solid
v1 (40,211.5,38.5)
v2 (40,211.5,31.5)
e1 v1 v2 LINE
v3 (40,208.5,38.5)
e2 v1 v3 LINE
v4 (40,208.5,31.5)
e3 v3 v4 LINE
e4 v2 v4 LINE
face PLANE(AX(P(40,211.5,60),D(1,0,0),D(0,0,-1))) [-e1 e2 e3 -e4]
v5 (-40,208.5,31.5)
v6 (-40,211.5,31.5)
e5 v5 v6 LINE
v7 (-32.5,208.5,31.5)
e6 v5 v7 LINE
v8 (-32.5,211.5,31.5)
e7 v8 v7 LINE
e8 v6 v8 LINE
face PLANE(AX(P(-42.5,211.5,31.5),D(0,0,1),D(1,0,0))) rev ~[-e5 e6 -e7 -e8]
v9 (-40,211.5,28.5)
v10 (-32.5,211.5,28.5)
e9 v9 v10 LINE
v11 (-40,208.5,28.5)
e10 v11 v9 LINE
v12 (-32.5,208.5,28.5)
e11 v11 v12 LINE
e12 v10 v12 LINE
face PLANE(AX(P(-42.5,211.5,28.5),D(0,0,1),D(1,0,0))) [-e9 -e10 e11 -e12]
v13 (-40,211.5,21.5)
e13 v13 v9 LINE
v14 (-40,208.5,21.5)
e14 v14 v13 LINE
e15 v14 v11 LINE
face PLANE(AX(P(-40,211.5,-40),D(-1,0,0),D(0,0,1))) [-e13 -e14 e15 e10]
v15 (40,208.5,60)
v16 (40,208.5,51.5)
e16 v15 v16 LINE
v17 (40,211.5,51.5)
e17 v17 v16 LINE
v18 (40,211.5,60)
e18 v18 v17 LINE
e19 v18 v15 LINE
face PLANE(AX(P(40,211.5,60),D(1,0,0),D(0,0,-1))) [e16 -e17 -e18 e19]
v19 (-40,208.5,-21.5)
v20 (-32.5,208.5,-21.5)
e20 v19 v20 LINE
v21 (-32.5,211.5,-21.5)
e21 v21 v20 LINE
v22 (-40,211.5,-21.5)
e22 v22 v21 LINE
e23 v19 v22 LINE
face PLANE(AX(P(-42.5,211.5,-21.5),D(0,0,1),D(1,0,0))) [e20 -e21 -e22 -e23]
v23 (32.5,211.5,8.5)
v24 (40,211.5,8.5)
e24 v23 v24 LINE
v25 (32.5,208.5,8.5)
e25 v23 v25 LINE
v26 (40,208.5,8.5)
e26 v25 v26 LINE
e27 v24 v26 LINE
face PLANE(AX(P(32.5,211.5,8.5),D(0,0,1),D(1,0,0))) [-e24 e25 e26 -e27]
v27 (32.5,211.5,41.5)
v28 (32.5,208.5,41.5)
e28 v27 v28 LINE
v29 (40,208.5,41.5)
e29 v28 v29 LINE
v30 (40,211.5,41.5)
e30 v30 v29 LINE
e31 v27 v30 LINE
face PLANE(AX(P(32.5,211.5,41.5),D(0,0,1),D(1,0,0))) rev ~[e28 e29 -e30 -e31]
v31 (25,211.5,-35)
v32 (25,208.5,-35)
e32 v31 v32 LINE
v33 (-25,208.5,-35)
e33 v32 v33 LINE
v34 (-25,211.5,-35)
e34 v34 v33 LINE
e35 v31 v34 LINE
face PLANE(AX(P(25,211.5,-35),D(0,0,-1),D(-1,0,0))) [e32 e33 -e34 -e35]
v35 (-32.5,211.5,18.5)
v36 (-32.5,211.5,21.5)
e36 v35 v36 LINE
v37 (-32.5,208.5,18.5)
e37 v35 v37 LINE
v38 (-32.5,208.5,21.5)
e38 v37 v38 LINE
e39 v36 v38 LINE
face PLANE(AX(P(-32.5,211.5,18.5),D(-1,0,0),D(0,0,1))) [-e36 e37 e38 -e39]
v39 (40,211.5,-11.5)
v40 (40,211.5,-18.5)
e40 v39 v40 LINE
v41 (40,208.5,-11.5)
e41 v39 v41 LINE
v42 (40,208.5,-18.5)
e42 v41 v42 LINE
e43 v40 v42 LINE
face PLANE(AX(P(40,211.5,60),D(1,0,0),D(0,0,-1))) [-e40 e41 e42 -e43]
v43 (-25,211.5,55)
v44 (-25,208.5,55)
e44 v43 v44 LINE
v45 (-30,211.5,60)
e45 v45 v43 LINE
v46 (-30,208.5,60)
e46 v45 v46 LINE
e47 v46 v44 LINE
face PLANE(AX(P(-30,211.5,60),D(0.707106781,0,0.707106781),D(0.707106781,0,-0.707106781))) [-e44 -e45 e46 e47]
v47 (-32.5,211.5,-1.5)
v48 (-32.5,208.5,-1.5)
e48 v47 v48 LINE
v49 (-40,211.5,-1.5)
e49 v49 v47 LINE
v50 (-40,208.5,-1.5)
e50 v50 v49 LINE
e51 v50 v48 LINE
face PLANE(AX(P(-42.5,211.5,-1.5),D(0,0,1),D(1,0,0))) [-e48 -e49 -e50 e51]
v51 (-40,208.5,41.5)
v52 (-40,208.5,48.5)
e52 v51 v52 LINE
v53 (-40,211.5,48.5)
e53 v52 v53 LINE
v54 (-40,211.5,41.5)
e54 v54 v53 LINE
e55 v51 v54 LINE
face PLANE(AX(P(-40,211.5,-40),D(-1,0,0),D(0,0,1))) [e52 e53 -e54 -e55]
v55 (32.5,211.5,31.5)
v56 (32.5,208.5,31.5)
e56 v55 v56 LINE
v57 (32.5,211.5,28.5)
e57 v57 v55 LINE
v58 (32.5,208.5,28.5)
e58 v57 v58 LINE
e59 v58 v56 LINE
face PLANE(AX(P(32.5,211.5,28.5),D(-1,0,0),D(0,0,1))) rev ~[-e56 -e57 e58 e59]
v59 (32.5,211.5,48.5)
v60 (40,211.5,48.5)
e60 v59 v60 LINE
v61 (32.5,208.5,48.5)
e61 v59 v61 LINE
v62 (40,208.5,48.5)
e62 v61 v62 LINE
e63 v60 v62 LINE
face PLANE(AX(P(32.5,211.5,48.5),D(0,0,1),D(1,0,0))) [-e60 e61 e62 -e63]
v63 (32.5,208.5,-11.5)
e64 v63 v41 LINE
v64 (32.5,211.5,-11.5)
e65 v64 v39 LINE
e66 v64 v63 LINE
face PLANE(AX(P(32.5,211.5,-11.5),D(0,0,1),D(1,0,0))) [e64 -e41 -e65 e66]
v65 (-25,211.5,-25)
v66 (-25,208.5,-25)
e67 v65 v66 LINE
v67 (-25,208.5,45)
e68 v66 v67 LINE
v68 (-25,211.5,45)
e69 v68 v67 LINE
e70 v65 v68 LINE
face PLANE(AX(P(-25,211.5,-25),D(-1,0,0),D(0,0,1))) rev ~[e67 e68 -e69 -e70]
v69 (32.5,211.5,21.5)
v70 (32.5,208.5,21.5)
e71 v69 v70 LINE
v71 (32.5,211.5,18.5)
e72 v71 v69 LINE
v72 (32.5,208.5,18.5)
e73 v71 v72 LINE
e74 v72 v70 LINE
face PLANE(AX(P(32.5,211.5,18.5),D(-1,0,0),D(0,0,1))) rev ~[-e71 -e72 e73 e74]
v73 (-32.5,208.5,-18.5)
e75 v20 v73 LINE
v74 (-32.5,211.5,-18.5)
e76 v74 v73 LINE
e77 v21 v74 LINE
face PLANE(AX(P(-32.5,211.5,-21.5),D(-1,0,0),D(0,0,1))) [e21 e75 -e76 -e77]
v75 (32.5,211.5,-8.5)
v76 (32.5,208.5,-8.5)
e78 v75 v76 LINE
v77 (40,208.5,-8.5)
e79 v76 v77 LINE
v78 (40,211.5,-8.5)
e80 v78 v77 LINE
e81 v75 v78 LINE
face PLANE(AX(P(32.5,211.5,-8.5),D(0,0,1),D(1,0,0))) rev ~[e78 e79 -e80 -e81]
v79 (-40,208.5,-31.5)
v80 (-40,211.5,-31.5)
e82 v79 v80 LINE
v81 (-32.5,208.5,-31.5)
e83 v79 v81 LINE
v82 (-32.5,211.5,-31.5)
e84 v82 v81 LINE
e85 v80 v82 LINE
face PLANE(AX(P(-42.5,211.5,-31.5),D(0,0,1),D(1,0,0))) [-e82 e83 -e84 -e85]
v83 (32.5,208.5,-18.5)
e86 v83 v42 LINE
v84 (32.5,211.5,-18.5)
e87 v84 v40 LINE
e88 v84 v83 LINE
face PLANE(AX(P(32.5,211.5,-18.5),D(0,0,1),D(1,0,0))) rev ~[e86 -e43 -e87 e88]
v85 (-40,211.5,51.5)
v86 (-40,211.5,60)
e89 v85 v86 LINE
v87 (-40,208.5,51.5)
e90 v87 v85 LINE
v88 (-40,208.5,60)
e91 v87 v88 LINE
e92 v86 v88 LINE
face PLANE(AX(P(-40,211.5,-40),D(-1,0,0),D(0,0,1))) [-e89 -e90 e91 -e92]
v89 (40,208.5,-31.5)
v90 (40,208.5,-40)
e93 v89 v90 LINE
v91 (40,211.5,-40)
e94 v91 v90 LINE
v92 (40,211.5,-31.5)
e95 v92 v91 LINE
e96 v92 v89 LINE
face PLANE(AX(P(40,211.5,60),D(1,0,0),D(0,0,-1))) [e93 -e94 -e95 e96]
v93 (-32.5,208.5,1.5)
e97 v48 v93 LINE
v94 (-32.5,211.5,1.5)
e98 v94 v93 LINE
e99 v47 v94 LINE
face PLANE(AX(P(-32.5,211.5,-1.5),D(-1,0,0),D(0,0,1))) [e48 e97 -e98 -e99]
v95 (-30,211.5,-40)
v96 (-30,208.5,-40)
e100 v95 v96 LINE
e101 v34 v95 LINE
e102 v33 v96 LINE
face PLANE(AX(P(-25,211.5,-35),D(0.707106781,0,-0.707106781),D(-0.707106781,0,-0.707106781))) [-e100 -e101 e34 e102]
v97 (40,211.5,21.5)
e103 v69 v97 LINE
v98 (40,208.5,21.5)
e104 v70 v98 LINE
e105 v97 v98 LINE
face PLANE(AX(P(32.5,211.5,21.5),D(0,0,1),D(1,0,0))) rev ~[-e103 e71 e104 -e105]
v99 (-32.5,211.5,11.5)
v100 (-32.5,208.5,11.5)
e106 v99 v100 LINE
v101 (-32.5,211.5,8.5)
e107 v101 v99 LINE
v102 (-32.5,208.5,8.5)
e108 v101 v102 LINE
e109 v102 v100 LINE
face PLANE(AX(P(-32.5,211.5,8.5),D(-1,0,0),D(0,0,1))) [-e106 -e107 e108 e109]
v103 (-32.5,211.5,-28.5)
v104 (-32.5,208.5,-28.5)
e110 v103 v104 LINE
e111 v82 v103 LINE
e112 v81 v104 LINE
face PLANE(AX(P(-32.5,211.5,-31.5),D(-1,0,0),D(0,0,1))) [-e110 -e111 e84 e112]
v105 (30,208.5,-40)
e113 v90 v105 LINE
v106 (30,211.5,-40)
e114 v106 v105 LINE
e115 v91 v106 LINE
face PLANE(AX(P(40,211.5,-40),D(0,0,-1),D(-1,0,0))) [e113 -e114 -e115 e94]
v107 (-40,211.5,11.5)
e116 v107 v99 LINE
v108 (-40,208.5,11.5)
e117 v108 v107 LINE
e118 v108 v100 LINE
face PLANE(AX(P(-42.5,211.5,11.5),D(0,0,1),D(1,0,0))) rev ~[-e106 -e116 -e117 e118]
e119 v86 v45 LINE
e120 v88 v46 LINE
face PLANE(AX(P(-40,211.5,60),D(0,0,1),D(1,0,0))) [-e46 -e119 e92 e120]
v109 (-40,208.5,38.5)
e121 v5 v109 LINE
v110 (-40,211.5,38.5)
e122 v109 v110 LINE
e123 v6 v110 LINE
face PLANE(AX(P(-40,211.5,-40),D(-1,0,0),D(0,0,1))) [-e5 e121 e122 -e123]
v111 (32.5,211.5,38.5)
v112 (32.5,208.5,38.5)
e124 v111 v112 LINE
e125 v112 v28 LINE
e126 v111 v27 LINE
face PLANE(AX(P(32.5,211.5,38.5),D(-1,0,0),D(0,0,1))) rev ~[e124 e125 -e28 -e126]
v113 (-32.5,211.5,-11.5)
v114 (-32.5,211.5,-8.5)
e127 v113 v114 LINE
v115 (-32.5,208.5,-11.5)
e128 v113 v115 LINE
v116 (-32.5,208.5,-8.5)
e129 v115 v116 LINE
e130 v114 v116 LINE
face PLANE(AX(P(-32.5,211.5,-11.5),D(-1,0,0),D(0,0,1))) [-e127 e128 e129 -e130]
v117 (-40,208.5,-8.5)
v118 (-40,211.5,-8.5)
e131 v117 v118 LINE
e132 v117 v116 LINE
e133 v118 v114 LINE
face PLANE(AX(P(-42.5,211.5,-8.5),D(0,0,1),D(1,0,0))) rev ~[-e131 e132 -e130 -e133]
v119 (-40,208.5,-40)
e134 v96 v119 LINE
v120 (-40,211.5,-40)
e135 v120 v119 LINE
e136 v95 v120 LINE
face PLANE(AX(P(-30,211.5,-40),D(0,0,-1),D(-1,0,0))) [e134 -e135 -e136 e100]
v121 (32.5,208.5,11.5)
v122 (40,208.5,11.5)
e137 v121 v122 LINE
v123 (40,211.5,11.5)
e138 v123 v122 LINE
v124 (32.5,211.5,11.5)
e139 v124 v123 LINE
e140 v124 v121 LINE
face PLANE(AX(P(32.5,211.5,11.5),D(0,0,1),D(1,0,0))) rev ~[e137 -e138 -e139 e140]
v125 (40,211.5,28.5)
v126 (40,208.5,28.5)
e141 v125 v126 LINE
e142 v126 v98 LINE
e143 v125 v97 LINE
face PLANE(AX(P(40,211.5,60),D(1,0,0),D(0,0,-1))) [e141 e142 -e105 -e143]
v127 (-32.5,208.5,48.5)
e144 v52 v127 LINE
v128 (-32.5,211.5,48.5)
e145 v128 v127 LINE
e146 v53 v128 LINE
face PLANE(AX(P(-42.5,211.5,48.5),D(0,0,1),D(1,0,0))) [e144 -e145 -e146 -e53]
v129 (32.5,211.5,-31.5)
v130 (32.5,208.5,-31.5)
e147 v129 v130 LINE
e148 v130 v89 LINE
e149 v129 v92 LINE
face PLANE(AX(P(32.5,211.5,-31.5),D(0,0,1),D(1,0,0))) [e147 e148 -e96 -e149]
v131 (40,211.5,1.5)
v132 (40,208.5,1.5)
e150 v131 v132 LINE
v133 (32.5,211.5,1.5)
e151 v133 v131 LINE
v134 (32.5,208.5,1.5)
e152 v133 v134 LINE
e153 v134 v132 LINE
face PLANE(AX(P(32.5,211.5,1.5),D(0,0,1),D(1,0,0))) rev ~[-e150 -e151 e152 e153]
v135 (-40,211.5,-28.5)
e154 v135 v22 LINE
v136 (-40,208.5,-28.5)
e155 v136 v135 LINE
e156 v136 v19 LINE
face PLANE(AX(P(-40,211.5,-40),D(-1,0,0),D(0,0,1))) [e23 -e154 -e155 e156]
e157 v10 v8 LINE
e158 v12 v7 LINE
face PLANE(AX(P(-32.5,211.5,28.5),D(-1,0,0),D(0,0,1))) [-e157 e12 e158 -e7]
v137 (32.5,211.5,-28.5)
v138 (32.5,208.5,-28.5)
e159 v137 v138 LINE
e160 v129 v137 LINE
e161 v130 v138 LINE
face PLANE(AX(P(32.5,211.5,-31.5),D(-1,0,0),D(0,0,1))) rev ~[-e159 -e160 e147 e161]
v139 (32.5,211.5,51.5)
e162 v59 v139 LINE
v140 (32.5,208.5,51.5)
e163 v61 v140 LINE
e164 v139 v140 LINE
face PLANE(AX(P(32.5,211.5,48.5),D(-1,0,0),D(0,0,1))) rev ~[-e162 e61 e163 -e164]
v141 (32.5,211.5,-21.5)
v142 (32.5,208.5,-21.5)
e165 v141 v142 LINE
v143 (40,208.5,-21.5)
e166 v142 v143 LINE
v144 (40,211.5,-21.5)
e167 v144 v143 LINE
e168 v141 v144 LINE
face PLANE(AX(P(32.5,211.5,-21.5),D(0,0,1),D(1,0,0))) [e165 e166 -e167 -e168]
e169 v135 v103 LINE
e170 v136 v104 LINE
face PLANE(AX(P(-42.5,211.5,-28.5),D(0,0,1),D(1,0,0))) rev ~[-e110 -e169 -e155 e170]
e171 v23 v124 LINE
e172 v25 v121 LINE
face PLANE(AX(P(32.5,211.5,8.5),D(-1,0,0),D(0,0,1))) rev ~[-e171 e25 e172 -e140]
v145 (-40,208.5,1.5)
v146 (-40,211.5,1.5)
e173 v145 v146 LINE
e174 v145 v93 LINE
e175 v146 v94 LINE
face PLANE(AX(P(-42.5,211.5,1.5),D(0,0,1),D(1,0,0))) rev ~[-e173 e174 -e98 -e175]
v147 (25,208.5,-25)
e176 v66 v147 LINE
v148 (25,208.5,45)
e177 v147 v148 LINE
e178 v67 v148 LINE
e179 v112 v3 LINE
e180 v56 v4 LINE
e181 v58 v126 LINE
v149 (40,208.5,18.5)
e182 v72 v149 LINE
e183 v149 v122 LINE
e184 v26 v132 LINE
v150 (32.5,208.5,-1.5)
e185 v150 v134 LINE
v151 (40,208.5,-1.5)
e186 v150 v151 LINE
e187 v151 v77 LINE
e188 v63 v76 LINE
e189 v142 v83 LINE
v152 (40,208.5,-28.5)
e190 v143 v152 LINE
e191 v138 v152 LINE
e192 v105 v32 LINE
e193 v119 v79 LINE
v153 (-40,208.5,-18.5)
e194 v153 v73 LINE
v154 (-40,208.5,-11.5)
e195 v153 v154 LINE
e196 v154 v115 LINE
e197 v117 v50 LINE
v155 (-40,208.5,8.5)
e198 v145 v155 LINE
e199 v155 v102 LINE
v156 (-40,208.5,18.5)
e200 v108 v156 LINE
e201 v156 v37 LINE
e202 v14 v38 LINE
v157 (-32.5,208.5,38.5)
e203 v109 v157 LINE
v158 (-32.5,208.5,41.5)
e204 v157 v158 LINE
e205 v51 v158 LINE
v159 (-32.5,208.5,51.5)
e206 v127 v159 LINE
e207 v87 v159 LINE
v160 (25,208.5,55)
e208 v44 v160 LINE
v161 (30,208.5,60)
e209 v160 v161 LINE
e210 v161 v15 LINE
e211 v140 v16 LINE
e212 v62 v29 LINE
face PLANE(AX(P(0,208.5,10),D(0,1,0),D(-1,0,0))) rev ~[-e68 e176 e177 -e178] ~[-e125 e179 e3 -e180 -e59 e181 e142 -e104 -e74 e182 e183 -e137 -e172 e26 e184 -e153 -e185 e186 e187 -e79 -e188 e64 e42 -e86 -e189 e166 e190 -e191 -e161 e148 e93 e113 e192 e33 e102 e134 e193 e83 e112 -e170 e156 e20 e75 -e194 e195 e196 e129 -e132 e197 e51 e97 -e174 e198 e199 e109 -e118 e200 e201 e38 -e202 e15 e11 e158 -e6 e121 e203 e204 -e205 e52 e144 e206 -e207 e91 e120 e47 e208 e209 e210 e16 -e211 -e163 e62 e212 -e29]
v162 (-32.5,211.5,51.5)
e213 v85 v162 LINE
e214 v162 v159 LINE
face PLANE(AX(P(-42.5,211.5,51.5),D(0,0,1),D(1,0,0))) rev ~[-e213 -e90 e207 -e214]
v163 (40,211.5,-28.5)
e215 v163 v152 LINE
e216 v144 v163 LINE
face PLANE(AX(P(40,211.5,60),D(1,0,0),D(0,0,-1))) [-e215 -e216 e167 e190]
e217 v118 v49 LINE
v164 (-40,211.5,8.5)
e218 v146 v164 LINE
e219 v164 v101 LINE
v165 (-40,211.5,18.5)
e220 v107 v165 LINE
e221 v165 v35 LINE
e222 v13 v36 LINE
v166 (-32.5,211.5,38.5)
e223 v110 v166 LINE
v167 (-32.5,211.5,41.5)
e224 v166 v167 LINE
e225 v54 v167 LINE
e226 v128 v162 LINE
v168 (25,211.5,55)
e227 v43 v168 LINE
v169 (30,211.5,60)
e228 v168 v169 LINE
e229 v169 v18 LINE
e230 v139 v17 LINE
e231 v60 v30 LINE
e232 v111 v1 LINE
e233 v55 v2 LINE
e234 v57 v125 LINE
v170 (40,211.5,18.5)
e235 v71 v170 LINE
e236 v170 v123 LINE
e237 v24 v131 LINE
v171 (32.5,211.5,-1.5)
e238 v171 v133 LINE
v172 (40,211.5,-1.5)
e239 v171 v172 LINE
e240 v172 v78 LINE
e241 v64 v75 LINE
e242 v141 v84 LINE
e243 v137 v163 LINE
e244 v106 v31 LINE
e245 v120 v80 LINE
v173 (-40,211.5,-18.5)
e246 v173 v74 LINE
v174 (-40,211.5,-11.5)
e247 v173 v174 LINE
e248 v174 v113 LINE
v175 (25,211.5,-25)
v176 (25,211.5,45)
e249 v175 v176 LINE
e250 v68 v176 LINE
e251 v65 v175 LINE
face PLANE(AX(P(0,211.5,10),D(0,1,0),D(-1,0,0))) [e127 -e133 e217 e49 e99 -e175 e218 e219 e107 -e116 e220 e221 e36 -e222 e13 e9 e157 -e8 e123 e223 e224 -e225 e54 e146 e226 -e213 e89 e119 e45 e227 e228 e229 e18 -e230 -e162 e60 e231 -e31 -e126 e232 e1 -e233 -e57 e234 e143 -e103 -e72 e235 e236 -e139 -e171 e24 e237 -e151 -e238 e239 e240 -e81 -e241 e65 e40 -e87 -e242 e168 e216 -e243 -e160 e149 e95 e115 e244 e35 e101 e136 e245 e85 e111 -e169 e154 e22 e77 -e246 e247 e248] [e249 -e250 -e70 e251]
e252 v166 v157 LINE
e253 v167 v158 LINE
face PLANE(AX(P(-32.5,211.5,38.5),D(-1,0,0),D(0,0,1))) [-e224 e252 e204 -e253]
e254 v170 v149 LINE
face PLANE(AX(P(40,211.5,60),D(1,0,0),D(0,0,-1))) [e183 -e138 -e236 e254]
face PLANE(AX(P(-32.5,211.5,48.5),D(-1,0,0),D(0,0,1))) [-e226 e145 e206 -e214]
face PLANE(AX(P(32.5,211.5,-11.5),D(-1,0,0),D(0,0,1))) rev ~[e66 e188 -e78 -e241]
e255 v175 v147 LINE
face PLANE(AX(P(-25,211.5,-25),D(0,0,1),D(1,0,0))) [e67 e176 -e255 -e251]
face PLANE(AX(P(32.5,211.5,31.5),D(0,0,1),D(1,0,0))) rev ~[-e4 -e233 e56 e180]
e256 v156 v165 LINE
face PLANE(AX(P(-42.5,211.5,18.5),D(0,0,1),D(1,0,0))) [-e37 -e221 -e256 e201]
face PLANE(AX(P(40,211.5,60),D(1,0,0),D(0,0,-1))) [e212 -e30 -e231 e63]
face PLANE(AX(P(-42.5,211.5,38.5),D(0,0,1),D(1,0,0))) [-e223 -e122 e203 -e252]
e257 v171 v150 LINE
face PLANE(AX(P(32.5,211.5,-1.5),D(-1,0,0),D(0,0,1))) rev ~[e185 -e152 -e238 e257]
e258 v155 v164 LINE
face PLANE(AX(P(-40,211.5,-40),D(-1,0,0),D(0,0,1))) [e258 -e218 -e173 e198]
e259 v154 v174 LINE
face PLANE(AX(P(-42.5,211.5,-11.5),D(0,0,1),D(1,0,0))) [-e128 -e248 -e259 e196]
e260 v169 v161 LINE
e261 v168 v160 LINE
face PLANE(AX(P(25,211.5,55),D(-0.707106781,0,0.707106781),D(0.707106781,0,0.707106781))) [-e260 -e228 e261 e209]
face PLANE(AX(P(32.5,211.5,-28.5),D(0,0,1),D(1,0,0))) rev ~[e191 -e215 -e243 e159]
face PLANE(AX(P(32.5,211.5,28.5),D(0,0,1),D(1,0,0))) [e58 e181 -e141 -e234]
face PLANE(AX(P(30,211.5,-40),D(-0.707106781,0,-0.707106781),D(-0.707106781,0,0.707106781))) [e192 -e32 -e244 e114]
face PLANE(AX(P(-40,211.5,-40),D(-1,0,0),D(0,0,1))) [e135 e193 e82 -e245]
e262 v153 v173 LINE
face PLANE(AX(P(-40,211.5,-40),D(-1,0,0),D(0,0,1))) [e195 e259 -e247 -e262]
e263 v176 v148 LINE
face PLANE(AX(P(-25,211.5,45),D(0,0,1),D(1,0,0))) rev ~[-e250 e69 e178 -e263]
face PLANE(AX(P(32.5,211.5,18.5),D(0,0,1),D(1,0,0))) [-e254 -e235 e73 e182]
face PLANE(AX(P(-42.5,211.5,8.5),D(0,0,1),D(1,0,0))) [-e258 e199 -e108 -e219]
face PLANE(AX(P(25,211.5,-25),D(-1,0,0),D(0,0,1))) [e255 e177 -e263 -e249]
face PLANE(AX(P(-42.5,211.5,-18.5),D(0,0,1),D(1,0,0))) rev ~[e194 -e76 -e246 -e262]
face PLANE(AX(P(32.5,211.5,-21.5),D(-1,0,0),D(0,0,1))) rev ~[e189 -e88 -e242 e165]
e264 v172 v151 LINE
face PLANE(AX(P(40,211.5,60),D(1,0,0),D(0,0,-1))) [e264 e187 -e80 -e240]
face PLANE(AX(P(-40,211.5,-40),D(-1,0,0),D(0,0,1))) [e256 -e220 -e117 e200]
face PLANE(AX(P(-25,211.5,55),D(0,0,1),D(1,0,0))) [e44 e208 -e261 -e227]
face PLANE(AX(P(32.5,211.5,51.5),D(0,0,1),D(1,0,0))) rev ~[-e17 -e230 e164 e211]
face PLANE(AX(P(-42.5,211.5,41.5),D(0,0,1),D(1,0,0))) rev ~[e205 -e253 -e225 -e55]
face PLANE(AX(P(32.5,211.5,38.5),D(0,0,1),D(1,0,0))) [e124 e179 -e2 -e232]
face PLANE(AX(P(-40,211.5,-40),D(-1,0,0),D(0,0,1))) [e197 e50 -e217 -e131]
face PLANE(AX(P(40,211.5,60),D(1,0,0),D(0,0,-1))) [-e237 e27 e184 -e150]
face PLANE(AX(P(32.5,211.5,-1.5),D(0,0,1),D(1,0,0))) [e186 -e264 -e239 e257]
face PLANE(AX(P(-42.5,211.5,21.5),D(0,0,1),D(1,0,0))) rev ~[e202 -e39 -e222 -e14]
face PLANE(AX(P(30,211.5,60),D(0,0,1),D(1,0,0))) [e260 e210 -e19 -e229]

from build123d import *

# Parameters (mm, degrees)
SKETCH005_W            = 50
SKETCH005_H            = 70
PAD003_DEPTH           = 3
SKETCH006_W            = 10
SKETCH006_H            = 3
POCKET002_DEPTH        = 5
LINEARPATTERN003_COUNT = 9
LINEARPATTERN003_PITCH = 10


with BuildPart() as part:
    # Sketch005 → Pad003 (new body)
    with BuildSketch(Plane.XZ):
        Polygon((-40, 50), (-30, 50), (-25, 45), (25, 45), (30, 50), (40, 50), (40, -50), (30, -50), (25, -45), (-25, -45), (-30, -50), (-40, -50), align=None)
        Rectangle(SKETCH005_W, SKETCH005_H, mode=Mode.SUBTRACT)
    extrude(amount=PAD003_DEPTH)

    # Sketch006 → Pocket002 (cut)
    with BuildSketch(Plane(origin=(0, 0, -40), x_dir=(1, 0, 0), z_dir=(0, -1, 0))):
        with Locations((-37.5, 0)):
            Rectangle(SKETCH006_W, SKETCH006_H)
        with Locations((37.5, 0)):
            Rectangle(SKETCH006_W, SKETCH006_H)
    pocket002 = extrude(amount=POCKET002_DEPTH, mode=Mode.SUBTRACT)

    # LinearPattern003: Pocket002 ×9
    with Locations(*[(0, 0, i * LINEARPATTERN003_PITCH) for i in range(1, LINEARPATTERN003_COUNT)]):
        add(pocket002, mode=Mode.SUBTRACT)


with BuildPart() as part_1:
    # Body002 placement: moved
    add(part.part.moved(Location((0, 11.5, 10))))


with BuildPart() as part_2:
    # Body003 placement: moved
    add(part_1.part.moved(Location((0, 200, 0))))


solid = part_2.part
